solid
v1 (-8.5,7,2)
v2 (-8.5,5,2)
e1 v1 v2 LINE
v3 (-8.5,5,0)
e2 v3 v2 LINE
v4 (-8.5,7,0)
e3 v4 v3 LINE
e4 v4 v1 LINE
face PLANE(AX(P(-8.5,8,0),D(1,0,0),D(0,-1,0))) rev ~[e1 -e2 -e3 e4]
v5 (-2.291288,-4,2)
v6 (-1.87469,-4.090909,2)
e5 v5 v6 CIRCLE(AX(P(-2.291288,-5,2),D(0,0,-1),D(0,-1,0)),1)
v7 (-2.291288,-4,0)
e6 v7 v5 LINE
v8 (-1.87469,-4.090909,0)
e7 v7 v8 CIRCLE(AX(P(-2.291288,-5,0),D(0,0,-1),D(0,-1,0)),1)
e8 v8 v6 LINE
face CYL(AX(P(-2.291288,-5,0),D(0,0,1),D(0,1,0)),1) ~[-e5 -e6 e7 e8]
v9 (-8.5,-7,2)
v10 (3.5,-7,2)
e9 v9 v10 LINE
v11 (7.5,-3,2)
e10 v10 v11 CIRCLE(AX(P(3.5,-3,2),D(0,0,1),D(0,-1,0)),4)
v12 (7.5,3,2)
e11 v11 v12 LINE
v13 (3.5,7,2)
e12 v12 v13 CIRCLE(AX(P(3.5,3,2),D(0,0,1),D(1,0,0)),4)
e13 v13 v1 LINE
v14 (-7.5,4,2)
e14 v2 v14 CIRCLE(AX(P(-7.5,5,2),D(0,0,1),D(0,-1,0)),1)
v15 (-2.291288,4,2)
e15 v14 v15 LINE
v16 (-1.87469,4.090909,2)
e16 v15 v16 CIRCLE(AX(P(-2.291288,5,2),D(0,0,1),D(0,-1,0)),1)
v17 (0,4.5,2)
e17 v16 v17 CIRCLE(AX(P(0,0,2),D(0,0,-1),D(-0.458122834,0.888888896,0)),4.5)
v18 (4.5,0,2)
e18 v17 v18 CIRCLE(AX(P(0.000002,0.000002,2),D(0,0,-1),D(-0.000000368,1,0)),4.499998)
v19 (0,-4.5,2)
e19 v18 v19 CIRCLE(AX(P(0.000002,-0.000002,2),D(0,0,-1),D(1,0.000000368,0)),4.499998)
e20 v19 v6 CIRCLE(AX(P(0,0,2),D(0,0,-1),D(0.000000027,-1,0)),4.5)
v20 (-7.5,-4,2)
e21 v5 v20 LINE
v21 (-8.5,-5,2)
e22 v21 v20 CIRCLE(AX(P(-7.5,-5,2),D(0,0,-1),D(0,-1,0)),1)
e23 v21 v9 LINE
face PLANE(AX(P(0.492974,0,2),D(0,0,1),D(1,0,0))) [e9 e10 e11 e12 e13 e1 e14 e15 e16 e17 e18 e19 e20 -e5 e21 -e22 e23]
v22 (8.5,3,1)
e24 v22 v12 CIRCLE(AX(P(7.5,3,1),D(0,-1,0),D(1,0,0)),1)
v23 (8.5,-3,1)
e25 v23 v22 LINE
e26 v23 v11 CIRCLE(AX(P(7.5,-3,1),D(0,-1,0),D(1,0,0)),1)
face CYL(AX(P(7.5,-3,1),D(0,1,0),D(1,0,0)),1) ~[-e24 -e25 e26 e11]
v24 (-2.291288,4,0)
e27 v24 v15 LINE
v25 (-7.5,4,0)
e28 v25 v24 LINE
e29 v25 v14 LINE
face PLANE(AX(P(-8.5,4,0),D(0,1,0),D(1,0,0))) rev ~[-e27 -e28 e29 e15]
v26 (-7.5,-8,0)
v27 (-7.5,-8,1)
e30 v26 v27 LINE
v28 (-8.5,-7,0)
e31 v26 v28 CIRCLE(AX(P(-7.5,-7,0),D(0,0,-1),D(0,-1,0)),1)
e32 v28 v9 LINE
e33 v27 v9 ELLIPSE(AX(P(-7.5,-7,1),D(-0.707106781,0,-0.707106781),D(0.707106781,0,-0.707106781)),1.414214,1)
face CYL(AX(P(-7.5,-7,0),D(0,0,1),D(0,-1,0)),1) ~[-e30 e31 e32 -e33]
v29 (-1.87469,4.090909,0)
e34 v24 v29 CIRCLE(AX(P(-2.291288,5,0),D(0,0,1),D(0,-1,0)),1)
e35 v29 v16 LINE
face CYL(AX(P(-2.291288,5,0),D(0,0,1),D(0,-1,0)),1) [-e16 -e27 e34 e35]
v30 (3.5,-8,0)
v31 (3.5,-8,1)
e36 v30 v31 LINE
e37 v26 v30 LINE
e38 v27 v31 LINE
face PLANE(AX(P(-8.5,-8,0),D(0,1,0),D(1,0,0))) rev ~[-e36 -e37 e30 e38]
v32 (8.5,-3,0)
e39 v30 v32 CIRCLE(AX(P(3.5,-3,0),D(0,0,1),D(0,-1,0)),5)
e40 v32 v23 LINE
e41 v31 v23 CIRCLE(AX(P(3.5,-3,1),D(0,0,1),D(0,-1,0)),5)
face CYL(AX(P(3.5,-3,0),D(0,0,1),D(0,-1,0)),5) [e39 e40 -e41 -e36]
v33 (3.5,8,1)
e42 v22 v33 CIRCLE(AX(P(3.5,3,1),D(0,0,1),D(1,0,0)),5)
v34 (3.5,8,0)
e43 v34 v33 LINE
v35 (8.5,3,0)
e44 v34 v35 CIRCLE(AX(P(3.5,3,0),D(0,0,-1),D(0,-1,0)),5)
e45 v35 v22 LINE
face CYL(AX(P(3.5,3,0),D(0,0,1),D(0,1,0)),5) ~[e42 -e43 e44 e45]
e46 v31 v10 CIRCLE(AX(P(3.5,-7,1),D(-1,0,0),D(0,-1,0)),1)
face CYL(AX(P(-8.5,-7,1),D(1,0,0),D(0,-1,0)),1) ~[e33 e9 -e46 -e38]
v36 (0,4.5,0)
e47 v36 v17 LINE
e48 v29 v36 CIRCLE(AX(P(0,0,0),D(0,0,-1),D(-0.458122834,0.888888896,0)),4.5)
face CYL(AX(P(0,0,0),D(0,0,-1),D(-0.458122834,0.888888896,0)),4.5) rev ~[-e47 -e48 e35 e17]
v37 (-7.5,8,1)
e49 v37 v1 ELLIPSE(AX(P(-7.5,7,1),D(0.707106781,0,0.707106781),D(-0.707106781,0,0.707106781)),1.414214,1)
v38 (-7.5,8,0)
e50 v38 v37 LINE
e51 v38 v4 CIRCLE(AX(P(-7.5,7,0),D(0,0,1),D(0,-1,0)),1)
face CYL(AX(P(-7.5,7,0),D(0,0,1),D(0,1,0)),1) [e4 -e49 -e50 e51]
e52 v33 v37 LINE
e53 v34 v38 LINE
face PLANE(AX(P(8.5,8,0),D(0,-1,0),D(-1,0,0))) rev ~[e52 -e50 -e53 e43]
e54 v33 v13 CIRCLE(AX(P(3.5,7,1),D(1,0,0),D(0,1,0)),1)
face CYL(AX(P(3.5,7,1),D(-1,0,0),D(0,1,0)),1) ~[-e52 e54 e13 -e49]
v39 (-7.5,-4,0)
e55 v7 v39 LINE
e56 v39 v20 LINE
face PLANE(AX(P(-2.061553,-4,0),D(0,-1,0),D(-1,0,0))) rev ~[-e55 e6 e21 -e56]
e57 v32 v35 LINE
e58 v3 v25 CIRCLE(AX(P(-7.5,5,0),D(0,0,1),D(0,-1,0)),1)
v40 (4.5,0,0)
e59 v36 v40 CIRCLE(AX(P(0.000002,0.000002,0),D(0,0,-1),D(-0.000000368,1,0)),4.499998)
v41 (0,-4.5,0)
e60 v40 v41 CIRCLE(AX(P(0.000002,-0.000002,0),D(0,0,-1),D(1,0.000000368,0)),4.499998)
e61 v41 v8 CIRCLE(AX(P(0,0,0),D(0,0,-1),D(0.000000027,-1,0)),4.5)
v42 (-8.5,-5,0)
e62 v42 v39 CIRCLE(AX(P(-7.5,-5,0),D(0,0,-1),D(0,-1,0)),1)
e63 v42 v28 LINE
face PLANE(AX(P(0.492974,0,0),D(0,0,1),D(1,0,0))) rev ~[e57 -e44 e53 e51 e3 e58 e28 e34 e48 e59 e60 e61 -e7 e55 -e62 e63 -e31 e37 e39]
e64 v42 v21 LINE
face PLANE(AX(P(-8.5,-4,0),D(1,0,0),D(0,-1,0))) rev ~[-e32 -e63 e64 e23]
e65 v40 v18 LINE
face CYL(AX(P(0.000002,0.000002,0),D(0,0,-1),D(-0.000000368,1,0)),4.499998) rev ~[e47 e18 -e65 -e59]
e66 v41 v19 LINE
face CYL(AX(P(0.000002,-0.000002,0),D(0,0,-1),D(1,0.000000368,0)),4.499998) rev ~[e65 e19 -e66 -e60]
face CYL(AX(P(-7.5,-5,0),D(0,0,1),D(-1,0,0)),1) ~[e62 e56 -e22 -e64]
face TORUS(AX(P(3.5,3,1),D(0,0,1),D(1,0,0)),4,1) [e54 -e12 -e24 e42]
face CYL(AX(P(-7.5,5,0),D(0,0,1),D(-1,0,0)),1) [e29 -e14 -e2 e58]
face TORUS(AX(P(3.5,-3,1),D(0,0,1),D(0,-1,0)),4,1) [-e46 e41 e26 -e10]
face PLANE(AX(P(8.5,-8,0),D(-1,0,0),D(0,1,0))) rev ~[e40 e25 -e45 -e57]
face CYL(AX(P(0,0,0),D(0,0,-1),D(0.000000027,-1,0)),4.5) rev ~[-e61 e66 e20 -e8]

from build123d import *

# Parameters (mm, degrees)
F1_DEPTH = 2
F2_R     = 5
F3_R     = 1


with BuildPart() as f1:
    # F0 (on Top) → F1 (new body)
    with BuildSketch(Plane.XY):
        with BuildLine():
            Line((8.5, 8), (-8.5, 8))
            Line((-8.5, 8), (-8.5, 4.5))
            Line((-8.5, 4.5), (0, 4.5))
            ThreePointArc((0, 4.5), (3.181981, 3.181981), (4.5, 0))
            ThreePointArc((4.5, 0), (3.181981, -3.181981), (0, -4.5))
            Line((0, -4.5), (-8.5, -4.5))
            Line((-8.5, -4.5), (-8.5, -8))
            Line((-8.5, -8), (8.5, -8))
            Line((8.5, -8), (8.5, 8))
        make_face()
        with BuildLine():
            Line((0, 4.5), (-8.5, 4.5))
            Line((-8.5, 4.5), (-8.5, 4))
            Line((-8.5, 4), (-2.061553, 4))
            ThreePointArc((-2.061553, 4), (-1.06066, 4.373214), (0, 4.5))
        make_face()
        with BuildLine():
            Line((-2.061553, -4), (-8.5, -4))
            Line((-8.5, -4), (-8.5, -4.5))
            Line((-8.5, -4.5), (0, -4.5))
            ThreePointArc((0, -4.5), (-1.06066, -4.373214), (-2.061553, -4))
        make_face()
    extrude(amount=F1_DEPTH)

    # F2
    f2_edges = [f1.edges().sort_by_distance(p)[0] for p in [
        (8.5, 8, 1),
        (8.5, -8, 1),
    ]]
    fillet(f2_edges, radius=F2_R)

    # F3
    f3_edges = [f1.edges().sort_by_distance(p)[0] for p in [
        (-2.061553, -4, 1),
        (-2.061553, 4, 1),
        (-2.5, 8, 2),
        (-8.5, -4, 1),
        (-8.5, -8, 1),
        (-8.5, 4, 1),
        (-8.5, 8, 1),
    ]]
    fillet(f3_edges, radius=F3_R)


solid = f1.part
